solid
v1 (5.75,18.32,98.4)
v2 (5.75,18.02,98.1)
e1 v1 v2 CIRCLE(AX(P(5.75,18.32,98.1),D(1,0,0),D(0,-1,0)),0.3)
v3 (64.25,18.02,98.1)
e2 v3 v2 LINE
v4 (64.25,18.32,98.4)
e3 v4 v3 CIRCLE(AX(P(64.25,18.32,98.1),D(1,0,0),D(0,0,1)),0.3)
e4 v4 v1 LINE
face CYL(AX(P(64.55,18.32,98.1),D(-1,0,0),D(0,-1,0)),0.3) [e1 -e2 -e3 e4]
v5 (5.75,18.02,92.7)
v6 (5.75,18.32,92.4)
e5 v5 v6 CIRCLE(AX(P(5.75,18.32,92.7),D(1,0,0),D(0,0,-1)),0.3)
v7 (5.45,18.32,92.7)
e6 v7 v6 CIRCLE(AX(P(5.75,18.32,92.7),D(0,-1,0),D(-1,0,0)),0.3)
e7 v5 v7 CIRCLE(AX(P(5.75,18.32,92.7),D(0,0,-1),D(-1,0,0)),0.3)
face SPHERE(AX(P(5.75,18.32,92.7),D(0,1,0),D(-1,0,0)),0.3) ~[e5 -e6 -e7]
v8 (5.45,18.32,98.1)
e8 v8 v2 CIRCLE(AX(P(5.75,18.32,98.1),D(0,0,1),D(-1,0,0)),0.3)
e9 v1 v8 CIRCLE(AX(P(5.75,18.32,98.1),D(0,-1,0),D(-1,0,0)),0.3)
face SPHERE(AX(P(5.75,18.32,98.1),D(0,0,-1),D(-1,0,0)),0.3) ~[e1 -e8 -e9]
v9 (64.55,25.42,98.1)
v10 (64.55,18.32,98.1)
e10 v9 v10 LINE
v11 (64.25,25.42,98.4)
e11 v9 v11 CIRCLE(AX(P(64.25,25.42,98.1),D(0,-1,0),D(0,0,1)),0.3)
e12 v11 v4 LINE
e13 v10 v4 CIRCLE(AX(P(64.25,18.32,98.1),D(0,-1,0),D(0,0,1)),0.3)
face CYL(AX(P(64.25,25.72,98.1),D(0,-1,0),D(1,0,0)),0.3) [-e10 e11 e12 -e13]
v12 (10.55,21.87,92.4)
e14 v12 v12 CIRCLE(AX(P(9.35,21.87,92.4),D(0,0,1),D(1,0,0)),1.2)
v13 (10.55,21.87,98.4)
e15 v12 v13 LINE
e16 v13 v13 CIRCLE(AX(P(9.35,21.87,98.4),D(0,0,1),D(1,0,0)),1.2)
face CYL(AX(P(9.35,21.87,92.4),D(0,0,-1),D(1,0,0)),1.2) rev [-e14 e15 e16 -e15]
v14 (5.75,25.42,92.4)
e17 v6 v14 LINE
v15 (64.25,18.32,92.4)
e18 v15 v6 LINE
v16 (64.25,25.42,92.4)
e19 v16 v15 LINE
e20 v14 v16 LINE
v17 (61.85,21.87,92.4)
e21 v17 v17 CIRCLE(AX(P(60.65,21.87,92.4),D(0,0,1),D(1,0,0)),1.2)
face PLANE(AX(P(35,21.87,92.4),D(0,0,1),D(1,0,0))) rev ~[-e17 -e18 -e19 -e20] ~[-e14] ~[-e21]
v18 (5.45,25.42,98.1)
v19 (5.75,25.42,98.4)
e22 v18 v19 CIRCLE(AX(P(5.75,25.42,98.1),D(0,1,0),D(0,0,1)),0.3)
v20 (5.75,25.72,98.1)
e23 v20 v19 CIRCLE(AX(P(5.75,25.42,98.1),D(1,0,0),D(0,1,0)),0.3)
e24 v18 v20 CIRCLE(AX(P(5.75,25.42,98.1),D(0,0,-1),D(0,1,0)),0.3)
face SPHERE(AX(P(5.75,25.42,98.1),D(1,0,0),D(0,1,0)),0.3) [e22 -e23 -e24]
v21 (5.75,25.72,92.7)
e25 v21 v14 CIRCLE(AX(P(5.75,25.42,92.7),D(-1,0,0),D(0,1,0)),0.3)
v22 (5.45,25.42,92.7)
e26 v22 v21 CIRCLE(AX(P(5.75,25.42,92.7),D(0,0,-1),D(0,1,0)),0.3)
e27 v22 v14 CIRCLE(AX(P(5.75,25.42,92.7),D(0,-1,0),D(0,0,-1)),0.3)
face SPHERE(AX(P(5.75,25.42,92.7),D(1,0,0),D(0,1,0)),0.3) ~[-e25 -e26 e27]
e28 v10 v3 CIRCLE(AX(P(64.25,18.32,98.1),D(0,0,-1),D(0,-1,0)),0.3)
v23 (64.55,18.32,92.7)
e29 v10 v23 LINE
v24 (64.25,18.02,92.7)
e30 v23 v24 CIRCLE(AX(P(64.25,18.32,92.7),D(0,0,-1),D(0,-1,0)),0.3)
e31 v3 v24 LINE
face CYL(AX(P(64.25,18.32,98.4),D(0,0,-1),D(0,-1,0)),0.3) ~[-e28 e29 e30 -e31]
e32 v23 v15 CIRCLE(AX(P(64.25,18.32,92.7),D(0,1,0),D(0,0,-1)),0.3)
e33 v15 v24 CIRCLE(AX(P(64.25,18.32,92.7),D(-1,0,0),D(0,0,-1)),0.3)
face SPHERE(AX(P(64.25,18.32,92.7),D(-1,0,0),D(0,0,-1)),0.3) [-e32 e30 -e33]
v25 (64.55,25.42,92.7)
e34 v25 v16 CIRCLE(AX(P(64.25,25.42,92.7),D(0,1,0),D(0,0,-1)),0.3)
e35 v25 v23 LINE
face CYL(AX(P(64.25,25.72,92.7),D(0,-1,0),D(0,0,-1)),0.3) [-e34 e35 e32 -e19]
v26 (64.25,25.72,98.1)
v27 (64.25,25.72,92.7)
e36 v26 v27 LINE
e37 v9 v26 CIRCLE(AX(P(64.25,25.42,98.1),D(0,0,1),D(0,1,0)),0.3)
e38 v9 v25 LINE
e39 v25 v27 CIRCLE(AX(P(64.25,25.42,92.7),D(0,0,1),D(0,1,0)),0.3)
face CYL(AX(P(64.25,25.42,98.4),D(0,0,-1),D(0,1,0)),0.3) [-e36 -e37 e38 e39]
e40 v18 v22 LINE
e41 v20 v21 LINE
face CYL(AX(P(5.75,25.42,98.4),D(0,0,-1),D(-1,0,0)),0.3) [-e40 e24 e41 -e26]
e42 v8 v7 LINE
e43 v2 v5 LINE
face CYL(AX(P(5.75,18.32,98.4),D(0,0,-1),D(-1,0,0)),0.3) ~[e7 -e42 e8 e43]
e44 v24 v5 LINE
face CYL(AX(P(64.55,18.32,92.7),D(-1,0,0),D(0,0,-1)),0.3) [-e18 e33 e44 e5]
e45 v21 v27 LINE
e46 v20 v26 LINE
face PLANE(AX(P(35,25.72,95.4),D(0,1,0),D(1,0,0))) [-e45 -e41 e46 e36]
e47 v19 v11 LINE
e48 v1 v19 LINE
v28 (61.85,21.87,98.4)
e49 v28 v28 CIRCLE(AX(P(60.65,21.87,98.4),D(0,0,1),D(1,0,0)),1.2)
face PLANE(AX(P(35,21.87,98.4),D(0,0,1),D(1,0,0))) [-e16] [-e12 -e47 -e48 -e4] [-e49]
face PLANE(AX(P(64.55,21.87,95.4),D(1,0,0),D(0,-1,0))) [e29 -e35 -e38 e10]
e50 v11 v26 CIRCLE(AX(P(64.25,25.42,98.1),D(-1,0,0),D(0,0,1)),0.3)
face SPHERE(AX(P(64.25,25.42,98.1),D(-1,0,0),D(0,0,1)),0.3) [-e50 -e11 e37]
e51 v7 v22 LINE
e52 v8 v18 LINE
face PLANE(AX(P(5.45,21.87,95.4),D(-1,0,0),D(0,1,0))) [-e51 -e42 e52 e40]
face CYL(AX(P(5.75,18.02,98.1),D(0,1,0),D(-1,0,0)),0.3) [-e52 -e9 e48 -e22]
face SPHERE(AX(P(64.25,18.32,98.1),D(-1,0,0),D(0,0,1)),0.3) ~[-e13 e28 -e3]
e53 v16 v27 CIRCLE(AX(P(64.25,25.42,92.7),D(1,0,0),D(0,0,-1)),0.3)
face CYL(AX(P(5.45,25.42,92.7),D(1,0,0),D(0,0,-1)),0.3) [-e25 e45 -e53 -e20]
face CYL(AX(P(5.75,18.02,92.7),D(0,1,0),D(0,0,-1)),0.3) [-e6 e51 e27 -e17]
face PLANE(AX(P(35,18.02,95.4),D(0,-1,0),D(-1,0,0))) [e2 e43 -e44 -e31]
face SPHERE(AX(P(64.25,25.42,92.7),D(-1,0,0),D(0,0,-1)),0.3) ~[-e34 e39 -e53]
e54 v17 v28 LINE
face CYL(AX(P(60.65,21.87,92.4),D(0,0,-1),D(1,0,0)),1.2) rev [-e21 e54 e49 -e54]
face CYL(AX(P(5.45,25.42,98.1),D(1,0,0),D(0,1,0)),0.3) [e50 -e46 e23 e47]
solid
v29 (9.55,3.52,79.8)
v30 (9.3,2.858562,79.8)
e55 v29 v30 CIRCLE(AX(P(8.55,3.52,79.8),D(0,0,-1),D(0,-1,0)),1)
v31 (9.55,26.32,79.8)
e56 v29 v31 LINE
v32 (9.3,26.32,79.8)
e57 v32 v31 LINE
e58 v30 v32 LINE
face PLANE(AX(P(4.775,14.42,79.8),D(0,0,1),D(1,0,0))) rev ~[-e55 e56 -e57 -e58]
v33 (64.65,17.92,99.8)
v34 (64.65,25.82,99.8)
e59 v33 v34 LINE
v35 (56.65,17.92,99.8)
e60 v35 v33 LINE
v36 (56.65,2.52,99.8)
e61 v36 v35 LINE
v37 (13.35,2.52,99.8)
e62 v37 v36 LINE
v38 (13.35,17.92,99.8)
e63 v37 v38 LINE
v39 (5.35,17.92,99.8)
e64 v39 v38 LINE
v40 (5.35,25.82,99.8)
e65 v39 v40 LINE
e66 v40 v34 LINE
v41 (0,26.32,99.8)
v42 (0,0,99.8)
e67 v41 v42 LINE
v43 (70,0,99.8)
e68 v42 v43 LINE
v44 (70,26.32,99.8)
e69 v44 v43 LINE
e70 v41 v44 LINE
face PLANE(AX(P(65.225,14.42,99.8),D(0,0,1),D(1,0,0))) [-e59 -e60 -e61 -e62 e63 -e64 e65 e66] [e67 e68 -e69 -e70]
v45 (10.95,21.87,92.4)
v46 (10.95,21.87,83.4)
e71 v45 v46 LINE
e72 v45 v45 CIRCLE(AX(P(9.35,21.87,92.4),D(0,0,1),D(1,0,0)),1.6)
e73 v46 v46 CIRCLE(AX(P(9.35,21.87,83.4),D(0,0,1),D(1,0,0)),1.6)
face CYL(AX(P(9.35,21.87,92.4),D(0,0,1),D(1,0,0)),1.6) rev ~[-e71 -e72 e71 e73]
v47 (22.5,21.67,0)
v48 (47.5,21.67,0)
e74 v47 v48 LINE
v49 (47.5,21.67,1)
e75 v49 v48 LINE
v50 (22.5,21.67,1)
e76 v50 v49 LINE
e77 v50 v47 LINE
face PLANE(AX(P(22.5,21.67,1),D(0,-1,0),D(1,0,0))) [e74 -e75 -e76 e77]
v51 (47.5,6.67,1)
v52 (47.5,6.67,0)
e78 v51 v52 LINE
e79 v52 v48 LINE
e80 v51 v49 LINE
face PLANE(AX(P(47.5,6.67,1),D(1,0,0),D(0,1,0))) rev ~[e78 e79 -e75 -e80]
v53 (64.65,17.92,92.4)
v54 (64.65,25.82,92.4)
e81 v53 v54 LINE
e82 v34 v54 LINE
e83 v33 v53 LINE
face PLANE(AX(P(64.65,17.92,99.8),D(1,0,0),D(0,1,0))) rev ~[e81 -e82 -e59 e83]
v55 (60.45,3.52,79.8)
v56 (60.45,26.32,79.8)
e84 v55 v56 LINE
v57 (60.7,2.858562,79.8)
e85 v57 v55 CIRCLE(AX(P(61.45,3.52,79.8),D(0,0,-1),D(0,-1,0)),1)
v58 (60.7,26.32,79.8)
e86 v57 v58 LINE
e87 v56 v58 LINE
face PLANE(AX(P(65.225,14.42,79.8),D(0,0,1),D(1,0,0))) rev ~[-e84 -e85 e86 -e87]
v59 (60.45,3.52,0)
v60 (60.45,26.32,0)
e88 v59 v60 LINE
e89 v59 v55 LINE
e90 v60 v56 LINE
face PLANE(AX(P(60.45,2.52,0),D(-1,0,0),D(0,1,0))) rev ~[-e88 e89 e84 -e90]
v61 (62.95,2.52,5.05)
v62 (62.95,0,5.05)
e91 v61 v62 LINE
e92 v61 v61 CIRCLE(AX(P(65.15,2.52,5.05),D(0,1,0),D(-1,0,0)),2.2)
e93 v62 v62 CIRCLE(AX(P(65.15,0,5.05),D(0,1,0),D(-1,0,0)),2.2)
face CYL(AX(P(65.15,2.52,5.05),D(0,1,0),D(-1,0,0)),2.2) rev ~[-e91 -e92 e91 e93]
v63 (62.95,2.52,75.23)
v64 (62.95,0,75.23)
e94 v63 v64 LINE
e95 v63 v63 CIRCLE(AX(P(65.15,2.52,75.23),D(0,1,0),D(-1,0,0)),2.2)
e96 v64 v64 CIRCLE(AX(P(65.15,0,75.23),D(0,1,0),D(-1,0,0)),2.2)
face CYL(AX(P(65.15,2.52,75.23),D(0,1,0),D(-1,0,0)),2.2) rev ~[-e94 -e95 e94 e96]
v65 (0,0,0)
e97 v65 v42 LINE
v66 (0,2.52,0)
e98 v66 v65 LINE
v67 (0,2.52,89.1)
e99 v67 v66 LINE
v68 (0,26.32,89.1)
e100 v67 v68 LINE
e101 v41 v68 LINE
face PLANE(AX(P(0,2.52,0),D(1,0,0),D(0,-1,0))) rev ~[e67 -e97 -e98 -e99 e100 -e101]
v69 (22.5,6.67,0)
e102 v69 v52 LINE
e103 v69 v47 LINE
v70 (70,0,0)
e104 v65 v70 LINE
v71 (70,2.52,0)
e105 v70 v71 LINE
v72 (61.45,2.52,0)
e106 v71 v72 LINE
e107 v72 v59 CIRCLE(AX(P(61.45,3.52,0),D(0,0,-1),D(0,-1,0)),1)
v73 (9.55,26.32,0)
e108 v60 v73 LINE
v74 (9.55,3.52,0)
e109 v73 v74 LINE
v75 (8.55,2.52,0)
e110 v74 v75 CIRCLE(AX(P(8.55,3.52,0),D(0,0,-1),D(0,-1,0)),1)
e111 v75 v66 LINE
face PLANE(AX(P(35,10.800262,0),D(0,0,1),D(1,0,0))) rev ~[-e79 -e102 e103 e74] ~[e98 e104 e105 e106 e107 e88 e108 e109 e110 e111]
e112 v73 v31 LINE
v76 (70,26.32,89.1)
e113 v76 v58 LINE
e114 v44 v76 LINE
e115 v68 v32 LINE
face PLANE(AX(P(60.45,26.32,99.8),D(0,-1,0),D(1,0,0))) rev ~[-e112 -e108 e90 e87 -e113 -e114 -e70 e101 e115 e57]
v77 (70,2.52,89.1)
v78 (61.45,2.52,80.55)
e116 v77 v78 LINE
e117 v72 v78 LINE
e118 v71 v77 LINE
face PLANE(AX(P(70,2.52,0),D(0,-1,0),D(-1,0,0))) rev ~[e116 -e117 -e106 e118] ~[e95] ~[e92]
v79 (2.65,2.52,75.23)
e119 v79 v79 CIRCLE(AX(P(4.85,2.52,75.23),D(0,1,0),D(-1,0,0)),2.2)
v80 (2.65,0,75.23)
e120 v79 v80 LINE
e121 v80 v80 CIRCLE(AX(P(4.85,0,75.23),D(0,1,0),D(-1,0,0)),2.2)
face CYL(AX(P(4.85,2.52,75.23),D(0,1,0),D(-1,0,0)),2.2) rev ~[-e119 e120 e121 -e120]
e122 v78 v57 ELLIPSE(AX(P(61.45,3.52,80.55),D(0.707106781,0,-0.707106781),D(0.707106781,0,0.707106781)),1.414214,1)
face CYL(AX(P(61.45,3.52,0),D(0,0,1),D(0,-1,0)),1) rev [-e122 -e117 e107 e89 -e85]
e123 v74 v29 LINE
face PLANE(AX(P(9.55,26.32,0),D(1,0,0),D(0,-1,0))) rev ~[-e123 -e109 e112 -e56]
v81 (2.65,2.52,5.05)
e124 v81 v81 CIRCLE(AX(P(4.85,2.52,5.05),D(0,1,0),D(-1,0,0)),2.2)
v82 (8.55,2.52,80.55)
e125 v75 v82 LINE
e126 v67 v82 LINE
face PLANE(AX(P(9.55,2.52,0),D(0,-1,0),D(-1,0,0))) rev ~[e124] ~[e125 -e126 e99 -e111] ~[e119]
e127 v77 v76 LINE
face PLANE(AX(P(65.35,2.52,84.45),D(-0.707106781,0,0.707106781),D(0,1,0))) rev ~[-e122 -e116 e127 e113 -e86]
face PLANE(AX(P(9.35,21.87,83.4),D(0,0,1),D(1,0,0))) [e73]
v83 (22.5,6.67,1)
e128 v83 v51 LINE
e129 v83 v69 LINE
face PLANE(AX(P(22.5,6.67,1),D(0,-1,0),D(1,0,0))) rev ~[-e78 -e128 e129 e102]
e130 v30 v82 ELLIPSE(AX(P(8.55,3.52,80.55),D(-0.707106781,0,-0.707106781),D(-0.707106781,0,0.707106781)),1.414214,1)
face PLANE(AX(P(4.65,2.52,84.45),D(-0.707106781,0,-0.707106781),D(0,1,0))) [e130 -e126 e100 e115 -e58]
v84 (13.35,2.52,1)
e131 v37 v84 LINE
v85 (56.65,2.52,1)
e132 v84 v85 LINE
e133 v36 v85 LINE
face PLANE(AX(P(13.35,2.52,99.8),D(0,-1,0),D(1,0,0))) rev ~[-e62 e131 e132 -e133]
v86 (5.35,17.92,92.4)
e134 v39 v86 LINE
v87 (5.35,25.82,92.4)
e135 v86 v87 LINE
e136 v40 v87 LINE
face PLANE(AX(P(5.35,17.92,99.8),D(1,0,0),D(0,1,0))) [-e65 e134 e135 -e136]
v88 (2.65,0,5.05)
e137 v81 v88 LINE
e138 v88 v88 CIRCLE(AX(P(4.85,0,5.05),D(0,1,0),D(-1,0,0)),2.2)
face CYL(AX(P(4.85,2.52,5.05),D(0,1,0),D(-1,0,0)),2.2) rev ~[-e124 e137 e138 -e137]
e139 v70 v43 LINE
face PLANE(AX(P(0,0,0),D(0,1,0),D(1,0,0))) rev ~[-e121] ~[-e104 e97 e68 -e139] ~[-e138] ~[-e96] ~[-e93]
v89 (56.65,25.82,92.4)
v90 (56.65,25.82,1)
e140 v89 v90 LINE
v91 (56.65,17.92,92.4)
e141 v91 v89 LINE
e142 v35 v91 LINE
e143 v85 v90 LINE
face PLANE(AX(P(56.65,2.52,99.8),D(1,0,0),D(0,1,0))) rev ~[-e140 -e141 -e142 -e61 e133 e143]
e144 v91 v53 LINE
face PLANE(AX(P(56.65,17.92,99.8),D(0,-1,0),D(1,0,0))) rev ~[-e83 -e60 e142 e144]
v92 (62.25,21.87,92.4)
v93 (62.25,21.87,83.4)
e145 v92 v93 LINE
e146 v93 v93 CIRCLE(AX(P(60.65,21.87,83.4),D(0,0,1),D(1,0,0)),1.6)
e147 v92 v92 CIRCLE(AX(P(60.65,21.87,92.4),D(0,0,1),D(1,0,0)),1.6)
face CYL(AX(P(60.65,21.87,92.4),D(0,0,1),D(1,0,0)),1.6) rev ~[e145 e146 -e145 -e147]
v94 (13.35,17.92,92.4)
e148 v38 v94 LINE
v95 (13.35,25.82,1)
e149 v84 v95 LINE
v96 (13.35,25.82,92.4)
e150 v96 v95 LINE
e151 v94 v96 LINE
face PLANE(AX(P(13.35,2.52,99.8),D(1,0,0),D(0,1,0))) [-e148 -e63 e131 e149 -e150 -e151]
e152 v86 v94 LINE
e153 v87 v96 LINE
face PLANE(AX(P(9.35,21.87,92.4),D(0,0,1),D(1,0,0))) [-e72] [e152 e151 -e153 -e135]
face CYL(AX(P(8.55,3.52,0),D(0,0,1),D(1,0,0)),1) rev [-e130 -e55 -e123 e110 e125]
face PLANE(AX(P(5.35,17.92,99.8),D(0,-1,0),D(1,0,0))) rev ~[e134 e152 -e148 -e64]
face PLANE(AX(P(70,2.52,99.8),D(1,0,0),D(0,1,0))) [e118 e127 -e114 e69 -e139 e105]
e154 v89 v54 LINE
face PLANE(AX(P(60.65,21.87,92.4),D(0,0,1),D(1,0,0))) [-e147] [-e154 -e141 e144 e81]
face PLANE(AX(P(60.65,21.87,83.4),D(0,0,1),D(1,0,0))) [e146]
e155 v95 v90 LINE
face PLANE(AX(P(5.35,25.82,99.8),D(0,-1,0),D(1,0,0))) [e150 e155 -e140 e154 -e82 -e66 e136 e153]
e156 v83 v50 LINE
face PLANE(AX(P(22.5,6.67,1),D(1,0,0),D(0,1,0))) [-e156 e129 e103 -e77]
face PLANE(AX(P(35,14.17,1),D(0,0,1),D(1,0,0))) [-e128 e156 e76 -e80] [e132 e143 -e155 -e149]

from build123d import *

# Parameters (mm, degrees)
PAD_DEPTH         = 99.8
SKETCH001_W       = 43.3
SKETCH001_H       = 23.3
POCKET_DEPTH      = 98.8
SKETCH002_W       = 9.55
SKETCH002_H       = 23.8
PAD001_DEPTH      = 20
CHAMFER_SIZE      = 9.3
SKETCH003_W       = 8
SKETCH003_H       = 7.9
POCKET001_DEPTH   = 7.4
SKETCH004_W       = 25
SKETCH004_H       = 15
POCKET002_DEPTH   = 1
SKETCH005_R       = 1.6
POCKET003_DEPTH   = 9
SKETCH006_R       = 2.2
POCKET004_DEPTH   = 2.52
FILLET_R          = 1
SKETCH007_W       = 59.3
SKETCH007_H       = 7.9
PAD002_DEPTH      = 6
PAD002_FACE4_W    = 59.3
PAD002_FACE4_H    = 6
POCKET005_DEPTH   = 0.1
POCKET005_FACE3_W = 59.3
POCKET005_FACE3_H = 6
POCKET006_DEPTH   = 0.1
POCKET006_FACE6_W = 7.7
POCKET006_FACE6_H = 6
POCKET007_DEPTH   = 0.1
POCKET007_FACE1_W = 7.7
POCKET007_FACE1_H = 6
POCKET008_DEPTH   = 0.1
SKETCH008_R       = 1.2
POCKET009_DEPTH   = 6
FILLET001_R       = 0.3


with BuildPart() as body:
    # Sketch → Pad (new body)
    with BuildSketch(Plane.XY):
        Polygon((0, 0), (70, 0), (70, 2.52), (60.45, 2.52), (60.45, 26.32), (9.55, 26.32), (9.55, 2.52), (0, 2.52), align=None)
    extrude(amount=PAD_DEPTH)

    # Sketch001 (on Face10 of Pad) → Pocket (cut)
    with BuildSketch(Plane.XY.offset(99.8)):
        with Locations((35, 14.17)):
            Rectangle(SKETCH001_W, SKETCH001_H)
    extrude(amount=-POCKET_DEPTH, mode=Mode.SUBTRACT)

    # Sketch002 (on Face5 of Pocket) → Pad001 (join)
    with BuildSketch(Plane.XY.offset(99.8)):
        with Locations((65.225, 14.42)):
            Rectangle(SKETCH002_W, SKETCH002_H)
        with Locations((4.775, 14.42)):
            Rectangle(SKETCH002_W, SKETCH002_H)
    extrude(amount=-PAD001_DEPTH)

    # Chamfer
    chamfer_edges = [body.edges().sort_by_distance(p)[0] for p in [
        (0, 14.42, 79.8),
        (70, 14.42, 79.8),
    ]]
    chamfer(chamfer_edges, length=CHAMFER_SIZE)

    # Sketch003 (on Face8 of Chamfer) → Pocket001 (cut)
    with BuildSketch(Plane.XY.offset(99.8)):
        with Locations((9.35, 21.87)):
            Rectangle(SKETCH003_W, SKETCH003_H)
        with Locations((60.65, 21.87)):
            Rectangle(SKETCH003_W, SKETCH003_H)
    extrude(amount=-POCKET001_DEPTH, mode=Mode.SUBTRACT)

    # Sketch004 (on Face23 of Pocket001) → Pocket002 (cut)
    with BuildSketch(Plane.XY.offset(1)):
        with Locations((35, 14.17)):
            Rectangle(SKETCH004_W, SKETCH004_H)
    extrude(amount=-POCKET002_DEPTH, mode=Mode.SUBTRACT)

    # Sketch005 (on Face28 of Pocket002) → Pocket003 (cut)
    with BuildSketch(Plane.XY.offset(92.4)):
        with Locations((9.35, 21.87)):
            Circle(SKETCH005_R)
        with Locations((60.65, 21.87)):
            Circle(SKETCH005_R)
    extrude(amount=-POCKET003_DEPTH, mode=Mode.SUBTRACT)

    # Sketch006 (on Face1 of Pocket003) → Pocket004 (cut)
    with BuildSketch(Plane(origin=(0, 2.52, 0), x_dir=(-1, 0, 0), z_dir=(0, 1, 0))):
        with Locations((-65.15, 75.23)):
            Circle(SKETCH006_R)
        with Locations((-65.15, 5.05)):
            Circle(SKETCH006_R)
        with Locations((-4.85, 75.23)):
            Circle(SKETCH006_R)
        with Locations((-4.85, 5.05)):
            Circle(SKETCH006_R)
    extrude(amount=-POCKET004_DEPTH, mode=Mode.SUBTRACT)

    # Fillet
    fillet_edges = [body.edges().sort_by_distance(p)[0] for p in [
        (9.55, 2.52, 39.9),
        (60.45, 2.52, 39.9),
    ]]
    fillet(fillet_edges, radius=FILLET_R)


with BuildPart() as bar:
    # Sketch007 (on Face1 of Binder) → Pad002 (new body)
    with BuildSketch(Plane.XY.offset(92.4)):
        with Locations((35, 21.87)):
            Rectangle(SKETCH007_W, SKETCH007_H)
    extrude(amount=PAD002_DEPTH)

    # Pad002 Face4 → Pocket005 (cut)
    with BuildSketch(Plane(origin=(35, 25.82, 95.4), x_dir=(1, 0, 0), z_dir=(0, 1, 0))):
        Rectangle(PAD002_FACE4_W, PAD002_FACE4_H)
    extrude(amount=-POCKET005_DEPTH, mode=Mode.SUBTRACT)

    # Pocket005 Face3 → Pocket006 (cut)
    with BuildSketch(Plane(origin=(35, 17.92, 95.4), x_dir=(-1, 0, 0), z_dir=(0, -1, 0))):
        Rectangle(POCKET005_FACE3_W, POCKET005_FACE3_H)
    extrude(amount=-POCKET006_DEPTH, mode=Mode.SUBTRACT)

    # Pocket006 Face6 → Pocket007 (cut)
    with BuildSketch(Plane(origin=(64.65, 21.87, 95.4), x_dir=(0, -1, 0), z_dir=(1, 0, 0))):
        Rectangle(POCKET006_FACE6_W, POCKET006_FACE6_H)
    extrude(amount=-POCKET007_DEPTH, mode=Mode.SUBTRACT)

    # Pocket007 Face1 → Pocket008 (cut)
    with BuildSketch(Plane(origin=(5.35, 21.87, 95.4), x_dir=(0, 1, 0), z_dir=(-1, 0, 0))):
        Rectangle(POCKET007_FACE1_W, POCKET007_FACE1_H)
    extrude(amount=-POCKET008_DEPTH, mode=Mode.SUBTRACT)

    # Sketch008 (on Face1 of Binder) → Pocket009 (cut)
    with BuildSketch(Plane.XY.offset(92.4)):
        with Locations((9.35, 21.87)):
            Circle(SKETCH008_R)
        with Locations((60.65, 21.87)):
            Circle(SKETCH008_R)
    extrude(amount=POCKET009_DEPTH, mode=Mode.SUBTRACT)

    # Fillet001
    fillet001_edges = [bar.edges().sort_by_distance(p)[0] for p in [
        (35, 25.72, 92.4),
        (35, 25.72, 98.4),
        (5.45, 25.72, 95.4),
        (5.45, 21.87, 92.4),
        (5.45, 18.02, 95.4),
        (5.45, 21.87, 98.4),
        (35, 18.02, 92.4),
        (64.55, 21.87, 92.4),
        (35, 18.02, 98.4),
        (64.55, 21.87, 98.4),
        (64.55, 25.72, 95.4),
        (64.55, 18.02, 95.4),
    ]]
    fillet(fillet001_edges, radius=FILLET001_R)


solid = Compound([body.part, bar.part])
